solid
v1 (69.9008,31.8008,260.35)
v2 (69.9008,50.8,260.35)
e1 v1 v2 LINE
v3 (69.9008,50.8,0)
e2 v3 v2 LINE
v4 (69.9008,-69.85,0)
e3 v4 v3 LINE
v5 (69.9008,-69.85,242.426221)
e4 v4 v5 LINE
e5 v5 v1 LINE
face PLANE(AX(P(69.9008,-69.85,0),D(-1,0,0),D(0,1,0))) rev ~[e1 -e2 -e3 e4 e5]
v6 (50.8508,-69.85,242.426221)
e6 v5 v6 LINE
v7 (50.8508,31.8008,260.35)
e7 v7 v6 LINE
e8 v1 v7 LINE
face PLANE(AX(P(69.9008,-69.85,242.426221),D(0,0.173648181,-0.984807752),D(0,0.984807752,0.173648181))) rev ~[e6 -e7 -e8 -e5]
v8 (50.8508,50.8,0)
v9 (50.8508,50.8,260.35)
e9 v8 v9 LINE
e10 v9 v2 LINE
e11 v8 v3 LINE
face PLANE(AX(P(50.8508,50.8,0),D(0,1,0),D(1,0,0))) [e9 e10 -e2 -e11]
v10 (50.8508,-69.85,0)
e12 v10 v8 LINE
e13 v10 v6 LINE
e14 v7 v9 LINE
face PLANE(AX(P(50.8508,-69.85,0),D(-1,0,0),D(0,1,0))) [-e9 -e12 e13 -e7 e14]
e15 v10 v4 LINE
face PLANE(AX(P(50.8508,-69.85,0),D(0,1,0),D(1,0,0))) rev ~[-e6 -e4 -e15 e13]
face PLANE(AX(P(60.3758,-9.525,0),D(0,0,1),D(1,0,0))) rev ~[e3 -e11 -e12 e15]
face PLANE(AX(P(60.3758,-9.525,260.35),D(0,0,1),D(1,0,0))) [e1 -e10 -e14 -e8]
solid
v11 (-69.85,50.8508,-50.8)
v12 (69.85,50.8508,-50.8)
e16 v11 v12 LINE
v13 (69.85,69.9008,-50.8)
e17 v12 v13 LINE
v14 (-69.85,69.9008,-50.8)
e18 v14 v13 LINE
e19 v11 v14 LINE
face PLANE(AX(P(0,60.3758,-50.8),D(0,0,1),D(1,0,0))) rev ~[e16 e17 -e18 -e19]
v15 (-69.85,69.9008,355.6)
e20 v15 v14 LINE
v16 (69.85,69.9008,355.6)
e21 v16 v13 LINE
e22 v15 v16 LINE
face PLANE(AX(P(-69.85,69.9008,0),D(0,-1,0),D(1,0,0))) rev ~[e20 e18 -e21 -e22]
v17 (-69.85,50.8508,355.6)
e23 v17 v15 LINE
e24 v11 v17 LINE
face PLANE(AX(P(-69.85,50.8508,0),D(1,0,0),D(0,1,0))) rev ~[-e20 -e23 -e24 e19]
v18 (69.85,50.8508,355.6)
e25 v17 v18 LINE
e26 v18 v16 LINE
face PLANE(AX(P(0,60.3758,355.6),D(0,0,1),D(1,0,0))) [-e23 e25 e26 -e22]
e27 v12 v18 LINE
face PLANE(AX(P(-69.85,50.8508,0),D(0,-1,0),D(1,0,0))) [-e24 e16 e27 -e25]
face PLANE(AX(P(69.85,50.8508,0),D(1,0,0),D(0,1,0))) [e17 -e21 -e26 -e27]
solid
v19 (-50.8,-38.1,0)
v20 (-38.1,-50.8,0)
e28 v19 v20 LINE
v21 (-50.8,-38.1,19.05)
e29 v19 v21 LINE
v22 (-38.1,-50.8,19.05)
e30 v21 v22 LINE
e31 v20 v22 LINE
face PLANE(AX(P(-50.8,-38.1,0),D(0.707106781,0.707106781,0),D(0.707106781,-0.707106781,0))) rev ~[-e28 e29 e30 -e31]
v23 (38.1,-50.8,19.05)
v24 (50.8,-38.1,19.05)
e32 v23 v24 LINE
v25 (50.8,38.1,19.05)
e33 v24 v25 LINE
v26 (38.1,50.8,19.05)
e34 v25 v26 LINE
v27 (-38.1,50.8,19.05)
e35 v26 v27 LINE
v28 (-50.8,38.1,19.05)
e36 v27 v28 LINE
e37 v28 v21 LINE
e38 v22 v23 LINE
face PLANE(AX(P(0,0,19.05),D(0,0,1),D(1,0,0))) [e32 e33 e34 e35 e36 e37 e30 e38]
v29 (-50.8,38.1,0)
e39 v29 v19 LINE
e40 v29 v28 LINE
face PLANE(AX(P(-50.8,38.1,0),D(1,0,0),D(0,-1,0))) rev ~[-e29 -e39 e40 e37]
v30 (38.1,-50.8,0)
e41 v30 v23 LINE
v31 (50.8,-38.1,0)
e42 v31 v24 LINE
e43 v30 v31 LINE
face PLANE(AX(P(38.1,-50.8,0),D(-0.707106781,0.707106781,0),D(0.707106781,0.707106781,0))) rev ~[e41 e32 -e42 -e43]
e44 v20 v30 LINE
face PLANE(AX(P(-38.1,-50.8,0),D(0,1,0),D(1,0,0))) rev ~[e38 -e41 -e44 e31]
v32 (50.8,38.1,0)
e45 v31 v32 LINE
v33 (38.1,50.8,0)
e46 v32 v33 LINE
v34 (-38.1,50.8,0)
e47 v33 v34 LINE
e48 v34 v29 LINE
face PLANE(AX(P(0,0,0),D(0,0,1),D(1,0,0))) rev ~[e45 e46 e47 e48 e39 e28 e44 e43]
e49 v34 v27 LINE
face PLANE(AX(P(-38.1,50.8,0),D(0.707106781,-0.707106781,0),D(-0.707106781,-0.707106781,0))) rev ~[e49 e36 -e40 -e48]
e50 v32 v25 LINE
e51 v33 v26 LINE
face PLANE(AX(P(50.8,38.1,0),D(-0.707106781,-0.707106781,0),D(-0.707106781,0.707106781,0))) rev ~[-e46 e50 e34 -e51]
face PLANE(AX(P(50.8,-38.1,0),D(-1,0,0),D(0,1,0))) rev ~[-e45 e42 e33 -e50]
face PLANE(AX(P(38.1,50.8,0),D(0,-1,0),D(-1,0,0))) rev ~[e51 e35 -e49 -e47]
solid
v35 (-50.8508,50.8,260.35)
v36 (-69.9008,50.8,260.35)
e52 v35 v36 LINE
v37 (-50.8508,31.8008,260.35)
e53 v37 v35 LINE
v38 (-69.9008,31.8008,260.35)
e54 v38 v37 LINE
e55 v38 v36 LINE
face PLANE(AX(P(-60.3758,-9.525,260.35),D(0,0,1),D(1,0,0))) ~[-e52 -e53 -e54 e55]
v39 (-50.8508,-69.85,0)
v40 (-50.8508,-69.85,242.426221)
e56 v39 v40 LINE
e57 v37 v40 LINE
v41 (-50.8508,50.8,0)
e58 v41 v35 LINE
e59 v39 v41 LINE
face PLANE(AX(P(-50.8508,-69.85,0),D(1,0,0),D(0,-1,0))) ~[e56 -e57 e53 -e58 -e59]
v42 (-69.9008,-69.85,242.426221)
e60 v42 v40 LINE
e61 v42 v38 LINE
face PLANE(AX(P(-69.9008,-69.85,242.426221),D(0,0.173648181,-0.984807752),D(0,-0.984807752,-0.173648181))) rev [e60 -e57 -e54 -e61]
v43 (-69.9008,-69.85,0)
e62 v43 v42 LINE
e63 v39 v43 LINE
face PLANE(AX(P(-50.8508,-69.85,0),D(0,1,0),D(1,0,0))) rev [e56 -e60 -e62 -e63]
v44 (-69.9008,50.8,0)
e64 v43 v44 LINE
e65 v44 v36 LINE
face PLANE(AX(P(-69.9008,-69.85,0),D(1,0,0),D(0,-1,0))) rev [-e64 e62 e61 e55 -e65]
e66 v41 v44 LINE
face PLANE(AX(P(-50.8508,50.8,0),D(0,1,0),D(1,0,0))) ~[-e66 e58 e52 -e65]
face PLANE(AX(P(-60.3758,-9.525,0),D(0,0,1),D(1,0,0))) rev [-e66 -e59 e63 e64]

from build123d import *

# Parameters (mm, degrees)
F1_DEPTH      = 19.05
F2_W          = 139.7
F2_H          = 19.05
F3_DEPTH      = 355.6
F3_DEPTH_BACK = 50.8
F4_W          = 19.05
F4_H          = 120.65
F5_DEPTH      = 260.35
F7_DEPTH      = 139.7518


with BuildPart() as f1:
    # F0 (on Top) → F1 (new body)
    with BuildSketch(Plane.XY):
        Polygon((-38.1, -50.8), (38.1, -50.8), (50.8, -38.1), (50.8, 38.1), (38.1, 50.8), (-38.1, 50.8), (-50.8, 38.1), (-50.8, -38.1), align=None)
    extrude(amount=F1_DEPTH)


with BuildPart() as f3:
    # F2 (on Top) → F3 (new body, two sides)
    with BuildSketch(Plane.XY) as f3_sk:
        with Locations((0, 60.3758)):
            Rectangle(F2_W, F2_H)
    extrude(amount=F3_DEPTH)
    extrude(f3_sk.sketch, amount=-F3_DEPTH_BACK)


with BuildPart() as f5:
    # F4 (on Top) → F5 (new body)
    with BuildSketch(Plane.XY):
        with Locations((60.3758, -9.525)):
            Rectangle(F4_W, F4_H)
    extrude(amount=F5_DEPTH)

    # F6 (on face) → F7 (cut, through all)
    with BuildSketch(Plane.YZ.offset(69.9008)):
        Polygon((31.8008, 260.35), (-69.85, 260.35), (-69.85, 242.426221), align=None)
    extrude(amount=-F7_DEPTH, mode=Mode.SUBTRACT)


with BuildPart() as f8_1:
    # F8: instance of F5
    add(f5.part.mirror(Plane.YZ))


solid = Compound([f1.part, f3.part, f5.part, f8_1.part])
